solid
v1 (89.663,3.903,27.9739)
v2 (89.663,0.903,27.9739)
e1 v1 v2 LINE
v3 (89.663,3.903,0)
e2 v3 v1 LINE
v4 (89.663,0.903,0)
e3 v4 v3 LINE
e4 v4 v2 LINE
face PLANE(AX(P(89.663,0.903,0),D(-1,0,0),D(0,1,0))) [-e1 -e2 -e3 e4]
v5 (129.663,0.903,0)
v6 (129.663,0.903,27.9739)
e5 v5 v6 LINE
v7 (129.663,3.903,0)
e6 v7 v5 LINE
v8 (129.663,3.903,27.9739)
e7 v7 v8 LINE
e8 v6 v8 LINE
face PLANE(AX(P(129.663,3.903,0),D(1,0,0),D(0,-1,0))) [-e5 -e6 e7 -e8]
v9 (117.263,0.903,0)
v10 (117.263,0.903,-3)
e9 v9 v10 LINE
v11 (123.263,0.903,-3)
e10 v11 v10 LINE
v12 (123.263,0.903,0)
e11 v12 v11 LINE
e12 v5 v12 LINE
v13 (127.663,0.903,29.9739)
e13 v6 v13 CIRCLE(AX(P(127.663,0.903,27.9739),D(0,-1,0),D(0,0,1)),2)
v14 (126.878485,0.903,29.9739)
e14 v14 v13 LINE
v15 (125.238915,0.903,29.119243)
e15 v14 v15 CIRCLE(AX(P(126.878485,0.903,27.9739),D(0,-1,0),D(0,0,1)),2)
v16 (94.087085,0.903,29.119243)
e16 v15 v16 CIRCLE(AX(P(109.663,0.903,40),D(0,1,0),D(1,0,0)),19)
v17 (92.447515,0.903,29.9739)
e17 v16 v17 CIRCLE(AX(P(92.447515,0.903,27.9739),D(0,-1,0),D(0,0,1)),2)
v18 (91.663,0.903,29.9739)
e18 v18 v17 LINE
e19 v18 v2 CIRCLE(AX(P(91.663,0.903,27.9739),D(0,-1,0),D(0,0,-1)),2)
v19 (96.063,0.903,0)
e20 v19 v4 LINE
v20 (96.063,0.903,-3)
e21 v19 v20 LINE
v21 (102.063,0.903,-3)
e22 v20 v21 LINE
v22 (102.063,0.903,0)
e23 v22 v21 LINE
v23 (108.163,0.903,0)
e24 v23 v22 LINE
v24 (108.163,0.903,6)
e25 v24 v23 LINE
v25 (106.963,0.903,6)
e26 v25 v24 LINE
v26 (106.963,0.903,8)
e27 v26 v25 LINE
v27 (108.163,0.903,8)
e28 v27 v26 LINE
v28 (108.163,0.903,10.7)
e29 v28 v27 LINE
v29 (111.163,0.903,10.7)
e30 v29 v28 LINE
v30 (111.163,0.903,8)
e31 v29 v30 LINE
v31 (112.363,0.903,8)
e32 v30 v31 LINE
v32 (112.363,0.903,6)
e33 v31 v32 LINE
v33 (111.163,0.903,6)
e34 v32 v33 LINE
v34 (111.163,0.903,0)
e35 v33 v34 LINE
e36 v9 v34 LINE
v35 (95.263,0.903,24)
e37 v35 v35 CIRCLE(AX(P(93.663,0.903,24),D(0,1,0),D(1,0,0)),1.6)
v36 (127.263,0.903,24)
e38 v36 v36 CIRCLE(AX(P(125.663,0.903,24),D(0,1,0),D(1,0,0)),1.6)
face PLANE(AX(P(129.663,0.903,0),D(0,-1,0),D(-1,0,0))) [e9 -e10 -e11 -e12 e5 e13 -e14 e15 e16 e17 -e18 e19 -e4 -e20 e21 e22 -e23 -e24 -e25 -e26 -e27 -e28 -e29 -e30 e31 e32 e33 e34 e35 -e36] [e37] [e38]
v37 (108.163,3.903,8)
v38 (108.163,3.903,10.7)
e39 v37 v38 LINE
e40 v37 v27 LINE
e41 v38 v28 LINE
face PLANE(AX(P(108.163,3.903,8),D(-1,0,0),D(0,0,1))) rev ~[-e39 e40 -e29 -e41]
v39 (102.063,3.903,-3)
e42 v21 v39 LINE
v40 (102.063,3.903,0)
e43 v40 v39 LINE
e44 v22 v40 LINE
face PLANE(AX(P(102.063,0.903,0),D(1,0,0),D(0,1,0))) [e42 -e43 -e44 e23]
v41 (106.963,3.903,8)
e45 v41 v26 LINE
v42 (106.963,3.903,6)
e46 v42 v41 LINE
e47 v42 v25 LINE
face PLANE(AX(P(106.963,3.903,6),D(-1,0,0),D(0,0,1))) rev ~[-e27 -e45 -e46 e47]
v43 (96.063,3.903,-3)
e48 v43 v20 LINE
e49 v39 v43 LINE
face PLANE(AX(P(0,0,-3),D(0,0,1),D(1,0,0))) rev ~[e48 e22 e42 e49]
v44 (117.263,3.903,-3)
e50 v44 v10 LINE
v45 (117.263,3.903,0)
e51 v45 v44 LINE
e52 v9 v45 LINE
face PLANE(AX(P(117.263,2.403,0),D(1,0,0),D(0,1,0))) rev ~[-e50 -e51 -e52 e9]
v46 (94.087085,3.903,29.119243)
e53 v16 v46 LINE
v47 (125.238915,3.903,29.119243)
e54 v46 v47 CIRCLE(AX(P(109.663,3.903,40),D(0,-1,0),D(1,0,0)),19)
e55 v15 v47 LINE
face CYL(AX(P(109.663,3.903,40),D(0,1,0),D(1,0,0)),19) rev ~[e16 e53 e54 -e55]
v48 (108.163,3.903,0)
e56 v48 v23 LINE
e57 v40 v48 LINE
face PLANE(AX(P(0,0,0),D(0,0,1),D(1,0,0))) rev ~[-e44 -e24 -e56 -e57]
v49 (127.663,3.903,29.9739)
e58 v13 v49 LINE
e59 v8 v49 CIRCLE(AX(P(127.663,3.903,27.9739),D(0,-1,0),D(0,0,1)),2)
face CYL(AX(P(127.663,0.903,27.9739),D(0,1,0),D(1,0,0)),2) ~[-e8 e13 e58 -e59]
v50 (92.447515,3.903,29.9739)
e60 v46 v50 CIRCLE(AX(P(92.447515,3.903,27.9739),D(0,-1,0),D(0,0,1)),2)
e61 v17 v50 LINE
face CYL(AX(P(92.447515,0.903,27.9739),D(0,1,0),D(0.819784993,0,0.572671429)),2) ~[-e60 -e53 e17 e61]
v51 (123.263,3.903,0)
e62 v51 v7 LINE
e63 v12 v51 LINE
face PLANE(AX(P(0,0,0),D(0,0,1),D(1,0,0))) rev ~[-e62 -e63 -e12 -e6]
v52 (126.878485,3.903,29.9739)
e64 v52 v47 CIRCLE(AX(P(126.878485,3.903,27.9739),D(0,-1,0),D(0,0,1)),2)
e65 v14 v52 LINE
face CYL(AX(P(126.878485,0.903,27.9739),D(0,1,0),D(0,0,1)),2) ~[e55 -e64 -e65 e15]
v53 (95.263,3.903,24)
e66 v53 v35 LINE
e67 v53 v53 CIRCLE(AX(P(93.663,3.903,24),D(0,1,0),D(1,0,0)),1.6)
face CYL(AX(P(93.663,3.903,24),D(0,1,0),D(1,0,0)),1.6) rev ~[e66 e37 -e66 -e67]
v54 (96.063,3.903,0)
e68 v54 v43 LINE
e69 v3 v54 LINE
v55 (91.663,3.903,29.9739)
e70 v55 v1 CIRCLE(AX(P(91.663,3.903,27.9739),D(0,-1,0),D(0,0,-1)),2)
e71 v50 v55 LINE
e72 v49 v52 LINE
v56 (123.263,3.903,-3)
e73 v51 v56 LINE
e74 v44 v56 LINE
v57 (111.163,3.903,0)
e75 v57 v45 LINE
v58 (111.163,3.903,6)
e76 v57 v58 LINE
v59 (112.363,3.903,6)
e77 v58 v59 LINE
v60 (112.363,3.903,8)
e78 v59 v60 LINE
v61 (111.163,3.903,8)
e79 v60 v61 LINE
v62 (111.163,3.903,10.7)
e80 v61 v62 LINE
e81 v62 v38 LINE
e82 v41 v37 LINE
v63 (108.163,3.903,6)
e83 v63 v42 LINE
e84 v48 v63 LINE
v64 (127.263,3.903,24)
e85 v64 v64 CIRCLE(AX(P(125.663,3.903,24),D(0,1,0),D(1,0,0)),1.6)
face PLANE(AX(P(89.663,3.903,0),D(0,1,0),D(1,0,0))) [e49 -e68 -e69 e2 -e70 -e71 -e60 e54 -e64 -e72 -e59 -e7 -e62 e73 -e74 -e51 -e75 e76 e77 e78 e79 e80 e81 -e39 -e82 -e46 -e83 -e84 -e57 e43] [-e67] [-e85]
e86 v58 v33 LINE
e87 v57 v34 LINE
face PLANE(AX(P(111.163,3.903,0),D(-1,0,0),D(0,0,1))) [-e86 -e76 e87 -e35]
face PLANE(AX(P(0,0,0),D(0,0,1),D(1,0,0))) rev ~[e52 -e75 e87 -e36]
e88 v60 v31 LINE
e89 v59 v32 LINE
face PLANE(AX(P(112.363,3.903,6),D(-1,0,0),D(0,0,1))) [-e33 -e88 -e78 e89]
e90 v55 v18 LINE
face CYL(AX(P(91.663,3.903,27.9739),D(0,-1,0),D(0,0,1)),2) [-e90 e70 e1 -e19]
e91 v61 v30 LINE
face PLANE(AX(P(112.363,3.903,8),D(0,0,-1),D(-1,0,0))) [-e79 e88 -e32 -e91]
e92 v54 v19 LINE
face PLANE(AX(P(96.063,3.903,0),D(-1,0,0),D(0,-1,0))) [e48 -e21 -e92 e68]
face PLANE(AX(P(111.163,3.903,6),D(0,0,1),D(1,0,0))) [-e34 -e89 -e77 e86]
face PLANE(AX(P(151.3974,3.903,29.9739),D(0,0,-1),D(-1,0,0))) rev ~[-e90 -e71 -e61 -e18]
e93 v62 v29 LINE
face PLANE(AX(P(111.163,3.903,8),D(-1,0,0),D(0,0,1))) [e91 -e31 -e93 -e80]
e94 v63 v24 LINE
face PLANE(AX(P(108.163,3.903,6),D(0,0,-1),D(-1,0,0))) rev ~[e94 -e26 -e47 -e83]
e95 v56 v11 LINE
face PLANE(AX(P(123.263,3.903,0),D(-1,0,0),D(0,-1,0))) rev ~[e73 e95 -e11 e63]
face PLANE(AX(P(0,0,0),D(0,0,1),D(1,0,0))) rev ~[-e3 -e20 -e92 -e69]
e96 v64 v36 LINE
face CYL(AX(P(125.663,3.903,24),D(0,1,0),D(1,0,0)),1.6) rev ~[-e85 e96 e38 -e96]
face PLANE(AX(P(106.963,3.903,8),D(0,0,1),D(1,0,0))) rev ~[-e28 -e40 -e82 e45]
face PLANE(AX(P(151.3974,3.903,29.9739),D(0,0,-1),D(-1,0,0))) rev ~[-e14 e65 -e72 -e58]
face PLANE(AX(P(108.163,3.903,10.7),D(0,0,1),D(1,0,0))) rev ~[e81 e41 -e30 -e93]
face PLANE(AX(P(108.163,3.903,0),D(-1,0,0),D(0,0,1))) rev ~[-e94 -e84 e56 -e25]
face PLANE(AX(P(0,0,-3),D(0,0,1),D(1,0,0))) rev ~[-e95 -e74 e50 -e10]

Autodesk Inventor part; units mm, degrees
ref_plane "YZ Plane" through (0, 0, 0) normal (1, 0, 0) x (0, 1, 0)
ref_plane "XZ Plane" through (0, 0, 0) normal (0, 1, 0) x (-1, 0, 0)
ref_plane "XY Plane" through (0, 0, 0) normal (0, 0, 1) x (1, 0, 0)
ref_plane "Work Plane1" through (0, 0, 0) normal (0, 0, 1) x (1, 0, 0)
sketch "Sketch1" plane through (0, 0, 0) normal (0, 0, 1) x (1, 0, 0)
  line L0 (96.063, 0.903) -> (102.063, 0.903)
  line L1 (102.063, 0.903) -> (102.063, 3.903)
  line L2 (102.063, 3.903) -> (96.063, 3.903)
  line L3 (96.063, 3.903) -> (96.063, 0.903)
  line L4 (96.063, 0.903) -> (102.063, 3.903) construction
  line L5 (102.063, 0.903) -> (96.063, 3.903) construction
  line L6 (117.163, 0.353) -> (117.163, 4.453) projected
  line L7 (123.363, 4.453) -> (123.363, 0.353) projected
  line L8 (117.163, 2.403) -> (123.363, 2.403)
  line L9 (117.263, 3.903) -> (123.263, 3.903)
  line L10 (123.263, 3.903) -> (123.263, 0.903)
  line L11 (123.263, 0.903) -> (117.263, 0.903)
  line L12 (117.263, 0.903) -> (117.263, 3.903)
  line L13 (117.263, 3.903) -> (123.263, 0.903) construction
  line L14 (123.263, 3.903) -> (117.263, 0.903) construction
  point P0 (0, 0)
  point P1 (99.063, 2.403)
  point P2 (120.263, 2.403)
  dimension "d0" = 6
  dimension "d1" = 3
  dimension "d2" = 6
  dimension "d3" = 3
extrude "Extrusion1" add sketch "Sketch1" against normal blind 3
sketch "Sketch2" plane through (0, 0, 0) normal (0, 0, 1) x (1, 0, 0)
  line L0 (96.063, 0.903) -> (102.063, 0.903) projected
  line L1 (102.063, 0.903) -> (102.063, 3.903) projected
  line L2 (102.063, 3.903) -> (96.063, 3.903) projected
  line L3 (96.063, 3.903) -> (96.063, 0.903) projected
  line L4 (117.263, 3.903) -> (123.263, 3.903) projected
  line L5 (117.263, 0.903) -> (117.263, 3.903) projected
  line L6 (123.263, 0.903) -> (117.263, 0.903) projected
  line L7 (123.263, 3.903) -> (123.263, 0.903) projected
  point P0 (0, 0)
sketch "Sketch3" plane through (0, 0, 0) normal (0, 0, 1) x (1, 0, 0)
  line L0 (89.663, 3.903) -> (129.663, 3.903)
  line L1 (129.663, 3.903) -> (129.663, 0.903)
  line L2 (129.663, 0.903) -> (89.663, 0.903)
  line L3 (89.663, 0.903) -> (89.663, 3.903)
  line L4 (89.663, 3.903) -> (129.663, 0.903) construction
  line L5 (129.663, 3.903) -> (89.663, 0.903) construction
  point P0 (0, 0)
  point P1 (109.663, 2.403)
  dimension "d6" = 40
  dimension "d7" = 3
extrude "Extrusion2" add sketch "Sketch3" along normal blind 60
sketch "Sketch4" plane through (96.063, 3.903, -3) normal (0, 1, 0) x (1, 0, 0)
  line L0 (-6.4, -63) -> (33.6, -63) projected
  line L1 (33.6, -3) -> (33.6, -63) projected
  line L2 (-6.4, -63) -> (33.6, -63)
  line L3 (33.6, -63) -> (33.6, -23)
  line L4 (33.6, -23) -> (-6.4, -23)
  line L5 (-6.4, -23) -> (-6.4, -63)
  circle A0 centre (13.6, -43) radius 19
  line L6 (13.6, -43) -> (13.6, -27)
  line L7 (13.6, -27) -> (-2.4, -27)
  circle A1 centre (-2.4, -27) radius 1.6
  circle A2 centre (29.6, -27) radius 1.6
  line L8 (13.6, -43) -> (17.3038, -43)
  circle A3 centre (-2.4, -59) radius 1.6
  circle A4 centre (29.6, -59) radius 1.6
  point P0 (-96.063, -3)
  dimension "d10" = 40
  dimension "d11" = 38
  dimension "d12" = 16
  dimension "d13" = 16
  dimension "d14" = 3.2
extrude "Extrusion3" cut sketch "Sketch4" against normal through all contours A0 | A1 | A2 | A3 | A4
fillet "Fillet1" radius 2 2 edges at (89.663, 2.403, 60) (129.663, 2.403, 60)
sketch "Sketch5" plane through (117.263, 3.903, -3) normal (0, 1, 0) x (1, 0, 0)
  line L0 (-41.845, -71.0861) -> (34.1344, -71.0861)
  line L1 (34.1344, -71.0861) -> (34.1344, -32.9739)
  line L2 (34.1344, -32.9739) -> (-41.845, -32.9739)
  line L3 (-41.845, -32.9739) -> (-41.845, -71.0861)
  point P0 (-117.263, -3)
extrude "Extrusion4" cut sketch "Sketch5" against normal blind 40
fillet "Fillet2" radius 2 4 edges at (125.8023, 2.403, 29.9739) (93.5237, 2.403, 29.9739) (129.663, 2.403, 29.9739) (89.663, 2.403, 29.9739)
sketch "Sketch6" plane through (117.263, 3.903, -3) normal (0, 1, 0) x (1, 0, 0)
  line L0 (-9.2, 0) -> (-9.2, -3)
  line L1 (-6, 0) -> (-6, -3)
  line L2 (38.3326, -3) -> (-143.1956, -3) projected
  line L3 (0, -3) -> (-15.2, -3) projected
  line L4 (-7.6, -3) -> (-6.1, -3)
  line L5 (-6.1, -13.7) -> (-7.6, -13.7)
  line L6 (-7.6, -3) -> (-9.1, -3)
  line L7 (-9.1, -13.7) -> (-7.6, -13.7)
  line L8 (-9.1, -3) -> (-9.1, -9)
  line L9 (-9.1, -9) -> (-10.3, -9)
  line L10 (-10.3, -9) -> (-10.3, -11)
  line L11 (-10.3, -11) -> (-9.1, -11)
  line L12 (-9.1, -3) -> (-9.1, -9)
  line L13 (-9.1, -11) -> (-9.1, -13.7)
  line L14 (-7.6, -3) -> (-7.6, -5.4805)
  line L15 (-6.1, -3) -> (-6.1, -9)
  line L16 (-6.1, -9) -> (-4.9, -9)
  line L17 (-4.9, -9) -> (-4.9, -11)
  line L18 (-4.9, -11) -> (-6.1, -11)
  line L19 (-6.1, -11) -> (-6.1, -13.7)
  point P0 (-117.263, -3)
  dimension "d21" = 1.5
  dimension "d22" = 10.7
  dimension "d23" = 1.5
  dimension "d24" = 6
  dimension "d25" = 1.2
  dimension "d26" = 2
extrude "Extrusion5" cut sketch "Sketch6" against normal through all
sketch "Sketch7" plane through (0, 0, -3) normal (0, 0, -1) x (-1, 0, 0)
  point P0 (0, 0)
  point P1 (-109.663, 2.403)
properties part number "Fanmount_CPY1_CPY_CPY" material "Acetal Resin, Black"
